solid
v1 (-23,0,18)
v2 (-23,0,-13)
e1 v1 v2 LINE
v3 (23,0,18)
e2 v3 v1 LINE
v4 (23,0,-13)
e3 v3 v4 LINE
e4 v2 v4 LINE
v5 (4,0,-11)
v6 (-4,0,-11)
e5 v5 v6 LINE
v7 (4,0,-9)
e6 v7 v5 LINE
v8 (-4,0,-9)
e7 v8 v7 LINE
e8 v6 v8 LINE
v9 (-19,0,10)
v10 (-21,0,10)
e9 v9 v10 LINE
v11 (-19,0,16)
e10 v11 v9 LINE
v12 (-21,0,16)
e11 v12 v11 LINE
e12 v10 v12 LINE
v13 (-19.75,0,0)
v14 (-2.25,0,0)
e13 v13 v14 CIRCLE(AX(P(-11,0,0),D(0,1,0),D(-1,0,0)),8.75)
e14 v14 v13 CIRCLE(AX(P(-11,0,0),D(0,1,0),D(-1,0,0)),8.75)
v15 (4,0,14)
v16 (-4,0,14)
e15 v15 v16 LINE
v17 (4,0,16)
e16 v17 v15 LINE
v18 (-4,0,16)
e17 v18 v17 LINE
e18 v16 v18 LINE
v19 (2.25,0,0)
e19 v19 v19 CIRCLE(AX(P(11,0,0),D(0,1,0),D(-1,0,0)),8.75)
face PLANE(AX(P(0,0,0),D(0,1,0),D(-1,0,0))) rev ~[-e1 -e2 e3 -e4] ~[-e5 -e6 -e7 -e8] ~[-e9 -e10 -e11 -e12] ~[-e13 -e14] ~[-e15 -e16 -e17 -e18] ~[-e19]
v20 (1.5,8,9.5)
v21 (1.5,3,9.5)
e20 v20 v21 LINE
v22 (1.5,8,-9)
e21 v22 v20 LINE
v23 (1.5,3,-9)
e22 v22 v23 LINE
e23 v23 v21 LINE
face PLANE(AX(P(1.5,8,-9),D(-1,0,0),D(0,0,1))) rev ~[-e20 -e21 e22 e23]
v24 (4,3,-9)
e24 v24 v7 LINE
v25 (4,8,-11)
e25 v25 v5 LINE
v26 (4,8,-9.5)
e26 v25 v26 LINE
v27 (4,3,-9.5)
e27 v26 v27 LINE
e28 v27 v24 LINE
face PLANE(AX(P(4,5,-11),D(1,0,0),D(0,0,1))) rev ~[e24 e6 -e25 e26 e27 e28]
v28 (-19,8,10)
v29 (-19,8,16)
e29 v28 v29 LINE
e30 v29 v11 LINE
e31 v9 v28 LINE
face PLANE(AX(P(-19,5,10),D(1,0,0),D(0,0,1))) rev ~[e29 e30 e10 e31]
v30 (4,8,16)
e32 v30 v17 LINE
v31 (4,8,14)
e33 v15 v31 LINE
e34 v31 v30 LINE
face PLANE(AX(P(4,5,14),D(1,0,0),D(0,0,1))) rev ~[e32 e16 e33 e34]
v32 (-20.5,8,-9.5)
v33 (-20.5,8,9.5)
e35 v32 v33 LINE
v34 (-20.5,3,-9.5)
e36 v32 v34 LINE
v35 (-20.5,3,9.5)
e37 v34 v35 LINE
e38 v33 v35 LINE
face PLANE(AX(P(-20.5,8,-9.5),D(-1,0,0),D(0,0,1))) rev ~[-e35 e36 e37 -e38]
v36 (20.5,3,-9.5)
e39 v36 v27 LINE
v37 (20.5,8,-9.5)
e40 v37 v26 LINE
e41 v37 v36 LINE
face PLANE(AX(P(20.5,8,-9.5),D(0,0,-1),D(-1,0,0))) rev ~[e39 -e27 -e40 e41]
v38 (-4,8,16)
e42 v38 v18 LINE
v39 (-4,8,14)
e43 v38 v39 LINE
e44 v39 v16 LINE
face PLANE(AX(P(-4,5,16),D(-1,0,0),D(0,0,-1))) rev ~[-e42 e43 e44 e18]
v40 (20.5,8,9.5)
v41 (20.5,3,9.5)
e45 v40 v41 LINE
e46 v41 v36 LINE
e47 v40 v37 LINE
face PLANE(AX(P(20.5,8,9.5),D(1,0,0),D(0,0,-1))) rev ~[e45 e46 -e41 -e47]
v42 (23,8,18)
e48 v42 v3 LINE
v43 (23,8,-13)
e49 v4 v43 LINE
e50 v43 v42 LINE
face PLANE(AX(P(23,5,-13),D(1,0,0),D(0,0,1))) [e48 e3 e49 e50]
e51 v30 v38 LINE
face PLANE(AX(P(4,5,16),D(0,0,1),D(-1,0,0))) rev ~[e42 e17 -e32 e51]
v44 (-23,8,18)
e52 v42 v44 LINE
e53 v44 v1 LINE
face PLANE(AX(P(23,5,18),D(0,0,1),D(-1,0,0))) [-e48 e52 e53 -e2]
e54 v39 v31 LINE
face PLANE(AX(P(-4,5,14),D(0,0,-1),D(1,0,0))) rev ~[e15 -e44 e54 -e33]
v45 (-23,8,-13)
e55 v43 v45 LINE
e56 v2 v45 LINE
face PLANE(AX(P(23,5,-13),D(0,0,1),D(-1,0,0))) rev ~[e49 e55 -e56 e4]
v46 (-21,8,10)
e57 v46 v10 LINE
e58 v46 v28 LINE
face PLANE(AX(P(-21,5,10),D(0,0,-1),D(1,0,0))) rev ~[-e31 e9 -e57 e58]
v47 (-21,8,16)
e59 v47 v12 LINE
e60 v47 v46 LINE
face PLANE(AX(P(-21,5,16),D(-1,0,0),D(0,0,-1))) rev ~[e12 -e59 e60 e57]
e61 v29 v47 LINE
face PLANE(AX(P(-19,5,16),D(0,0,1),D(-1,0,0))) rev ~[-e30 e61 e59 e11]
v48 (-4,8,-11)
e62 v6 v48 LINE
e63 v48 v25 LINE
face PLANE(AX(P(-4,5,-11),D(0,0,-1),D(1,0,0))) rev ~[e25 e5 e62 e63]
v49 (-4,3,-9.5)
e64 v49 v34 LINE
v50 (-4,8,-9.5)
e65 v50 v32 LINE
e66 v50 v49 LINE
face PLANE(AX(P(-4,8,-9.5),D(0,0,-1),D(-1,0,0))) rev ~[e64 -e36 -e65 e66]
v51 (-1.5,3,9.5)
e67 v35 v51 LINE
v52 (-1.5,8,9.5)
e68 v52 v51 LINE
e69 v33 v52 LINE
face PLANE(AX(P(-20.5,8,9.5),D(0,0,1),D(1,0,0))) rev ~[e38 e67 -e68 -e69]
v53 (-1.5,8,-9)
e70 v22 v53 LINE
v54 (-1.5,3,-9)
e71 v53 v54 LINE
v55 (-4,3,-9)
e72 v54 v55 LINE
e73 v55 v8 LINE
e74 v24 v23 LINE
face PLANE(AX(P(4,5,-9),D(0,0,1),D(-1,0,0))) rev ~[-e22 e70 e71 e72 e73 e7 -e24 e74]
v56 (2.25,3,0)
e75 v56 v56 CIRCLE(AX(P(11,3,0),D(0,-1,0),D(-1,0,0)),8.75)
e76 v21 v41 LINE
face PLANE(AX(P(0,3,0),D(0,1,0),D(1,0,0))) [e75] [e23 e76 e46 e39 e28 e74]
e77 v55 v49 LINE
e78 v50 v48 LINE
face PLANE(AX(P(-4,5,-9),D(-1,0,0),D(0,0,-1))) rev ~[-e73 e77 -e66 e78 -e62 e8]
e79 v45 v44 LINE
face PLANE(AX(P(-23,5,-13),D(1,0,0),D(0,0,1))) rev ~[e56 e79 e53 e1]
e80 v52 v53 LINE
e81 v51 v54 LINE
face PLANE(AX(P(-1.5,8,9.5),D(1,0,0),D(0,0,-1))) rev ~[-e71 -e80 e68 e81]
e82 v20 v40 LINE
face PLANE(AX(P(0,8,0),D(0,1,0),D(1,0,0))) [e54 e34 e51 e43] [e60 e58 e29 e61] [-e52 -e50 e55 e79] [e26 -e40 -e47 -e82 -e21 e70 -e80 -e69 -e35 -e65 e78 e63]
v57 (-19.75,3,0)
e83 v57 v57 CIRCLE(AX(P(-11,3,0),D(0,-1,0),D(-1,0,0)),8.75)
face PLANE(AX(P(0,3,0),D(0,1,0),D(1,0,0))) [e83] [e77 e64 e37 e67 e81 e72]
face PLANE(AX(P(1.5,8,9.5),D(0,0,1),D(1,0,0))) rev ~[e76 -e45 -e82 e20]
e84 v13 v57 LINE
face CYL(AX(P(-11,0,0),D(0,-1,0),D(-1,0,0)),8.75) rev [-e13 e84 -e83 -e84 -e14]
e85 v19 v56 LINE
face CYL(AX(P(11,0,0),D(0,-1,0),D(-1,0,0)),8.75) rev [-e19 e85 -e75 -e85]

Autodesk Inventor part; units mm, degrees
ref_plane "YZ Plane" through (0, 0, 0) normal (1, 0, 0) x (0, 1, 0)
ref_plane "XZ Plane" through (0, 0, 0) normal (0, 1, 0) x (-1, 0, 0)
ref_plane "XY Plane" through (0, 0, 0) normal (0, 0, 1) x (1, 0, 0)
sketch "Sketch1" plane through (0, 0, 0) normal (0, 1, 0) x (-1, 0, 0)
  line L0 (-23, 13) -> (23, 13)
  line L1 (23, 13) -> (23, -13)
  line L2 (23, -13) -> (-23, -13)
  line L3 (-23, -13) -> (-23, 13)
  line L4 (-23, 13) -> (23, -13) construction
  line L5 (23, 13) -> (-23, -13) construction
  line L6 (0, 0) -> (-11, 0)
  circle A0 centre (-11, 0) radius 8.75
  line L7 (0, 0) -> (11, 0)
  circle A1 centre (11, 0) radius 8.75
  dimension "d0" = 46
  dimension "d1" = 26
  dimension "d2" = 11
  dimension "d3" = 17.5
  dimension "d4" = 11
  dimension "d5" = 17.5
extrude "Extrusion1" add sketch "Sketch1" along normal blind 5
sketch "Sketch3" plane through (-23, 0, 13) normal (0, 0, 1) x (1, 0, 0)
  line L0 (46, 0) -> (0, 0) projected
  line L1 (46, 0) -> (46, 5) projected
  line L2 (0, 5) -> (46, 5) projected
  line L3 (0, 0) -> (0, 5) projected
  point P0 (23, 0)
extrude "Extrusion2" add sketch "Sketch3" along normal blind 5
sketch "Sketch2" plane through (0, 5, 0) normal (0, 1, 0) x (1, 0, 0)
  circle A0 centre (-11, 0) radius 8.75 projected
  circle A1 centre (11, 0) radius 8.75 projected
  line L0 (23, 13) -> (23, -18) projected
  line L1 (23, 13) -> (-23, 13) projected
  line L2 (-23, 13) -> (-23, -18) projected
  line L3 (23, 13) -> (-23, 13) projected
  line L4 (0, 13) -> (0, 10)
  line L5 (-4, 9) -> (4, 9)
  line L6 (4, 9) -> (4, 11)
  line L7 (4, 11) -> (-4, 11)
  line L8 (-4, 11) -> (-4, 9)
  line L9 (-4, 9) -> (4, 11) construction
  line L10 (4, 9) -> (-4, 11) construction
  line L11 (23, -18) -> (-23, -18) projected
  line L12 (23, -18) -> (-23, -18) projected
  line L13 (0, -18) -> (0, -15)
  line L14 (-4, -16) -> (4, -16)
  line L15 (4, -16) -> (4, -14)
  line L16 (4, -14) -> (-4, -14)
  line L17 (-4, -14) -> (-4, -16)
  line L18 (-4, -16) -> (4, -14) construction
  line L19 (4, -16) -> (-4, -14) construction
  line L20 (-23, 13) -> (-23, -18) projected
  line L21 (-23, -18) -> (-23, -13)
  line L22 (-23, -13) -> (-20, -13)
  line L23 (-21, -16) -> (-19, -16)
  line L24 (-19, -16) -> (-19, -10)
  line L25 (-19, -10) -> (-21, -10)
  line L26 (-21, -10) -> (-21, -16)
  line L27 (-21, -16) -> (-19, -10) construction
  line L28 (-19, -16) -> (-21, -10) construction
  point P0 (0, 0)
  dimension "d8" = 3
  dimension "d9" = 8
  dimension "d10" = 2
  dimension "d16" = 3
  dimension "d17" = 8
  dimension "d18" = 2
  dimension "d19" = 5
  dimension "d20" = 3
  dimension "d21" = 2
  dimension "d22" = 6
extrude "Extrusion3" cut sketch "Sketch2" against normal blind 5 contours L7 L6 L5 L8 | L26 L25 L24 L23 | L14 L17 L16 L15
sketch "Sketch4" plane through (0, 5, 0) normal (0, 1, 0) x (1, 0, 0)
  line L0 (4, 11) -> (4, 9) projected
  line L1 (4, 9) -> (-4, 9) projected
  line L2 (-4, 9) -> (-4, 11) projected
  line L3 (-4, 11) -> (4, 11) projected
  line L4 (-19, -10) -> (-19, -16) projected
  line L5 (-19, -16) -> (-21, -16) projected
  line L6 (-21, -16) -> (-21, -10) projected
  line L7 (-21, -10) -> (-19, -10) projected
  line L8 (4, -14) -> (4, -16) projected
  line L9 (4, -16) -> (-4, -16) projected
  line L10 (-4, -16) -> (-4, -14) projected
  line L11 (-4, -14) -> (4, -14) projected
  circle A0 centre (-11, 0) radius 8.75 projected
  circle A1 centre (11, 0) radius 8.75 projected
  line L12 (23, 13) -> (23, -18) projected
  line L13 (23, 13) -> (-23, 13) projected
  line L14 (-23, 13) -> (-23, -18) projected
  line L15 (23, -18) -> (-23, -18) projected
  point P0 (0, 0)
extrude "Extrusion4" add sketch "Sketch4" along normal blind 3
sketch "Sketch5" plane through (0, 8, 0) normal (0, 1, 0) x (1, 0, 0)
  circle A0 centre (11, 0) radius 8.75 projected
  circle A1 centre (-11, 0) radius 8.75 projected
  line L0 (4, -16) -> (-4, -16) projected
  line L1 (-4, -16) -> (-4, -14) projected
  line L2 (-4, -14) -> (4, -14) projected
  line L3 (4, -14) -> (4, -16) projected
  line L4 (4, 9) -> (-4, 9) projected
  line L5 (-4, 9) -> (-4, 11) projected
  line L6 (-4, 11) -> (4, 11) projected
  line L7 (4, 11) -> (4, 9) projected
  line L8 (-19, -16) -> (-21, -16) projected
  line L9 (-21, -16) -> (-21, -10) projected
  line L10 (-21, -10) -> (-19, -10) projected
  line L11 (-19, -10) -> (-19, -16) projected
  line L12 (23, -18) -> (23, 13) projected
  line L13 (23, 13) -> (-23, 13) projected
  line L14 (-23, 13) -> (-23, -18) projected
  line L15 (-23, -18) -> (23, -18) projected
  line L16 (-20.5, -9.5) -> (-1.5, -9.5)
  line L17 (-1.5, -9.5) -> (-1.5, 9.5)
  line L18 (-1.5, 9.5) -> (-20.5, 9.5)
  line L19 (-20.5, 9.5) -> (-20.5, -9.5)
  line L20 (-20.5, -9.5) -> (-1.5, 9.5) construction
  line L21 (-1.5, -9.5) -> (-20.5, 9.5) construction
  line L22 (1.5, -9.5) -> (20.5, -9.5)
  line L23 (20.5, -9.5) -> (20.5, 9.5)
  line L24 (20.5, 9.5) -> (1.5, 9.5)
  line L25 (1.5, 9.5) -> (1.5, -9.5)
  line L26 (1.5, -9.5) -> (20.5, 9.5) construction
  line L27 (20.5, -9.5) -> (1.5, 9.5) construction
  point P0 (0, 0)
  dimension "d27" = 19
  dimension "d28" = 19
  dimension "d29" = 19
  dimension "d30" = 19
extrude "Extrusion5" cut sketch "Sketch5" against normal blind 5 contours A0 | A1 | L7 L24 L23 L22 L25 L4 | L4 L25 L24 L7 | L17 L16 L19 L18 L5 L4 | L4 L5 L18 L17
properties part number "buttons"
